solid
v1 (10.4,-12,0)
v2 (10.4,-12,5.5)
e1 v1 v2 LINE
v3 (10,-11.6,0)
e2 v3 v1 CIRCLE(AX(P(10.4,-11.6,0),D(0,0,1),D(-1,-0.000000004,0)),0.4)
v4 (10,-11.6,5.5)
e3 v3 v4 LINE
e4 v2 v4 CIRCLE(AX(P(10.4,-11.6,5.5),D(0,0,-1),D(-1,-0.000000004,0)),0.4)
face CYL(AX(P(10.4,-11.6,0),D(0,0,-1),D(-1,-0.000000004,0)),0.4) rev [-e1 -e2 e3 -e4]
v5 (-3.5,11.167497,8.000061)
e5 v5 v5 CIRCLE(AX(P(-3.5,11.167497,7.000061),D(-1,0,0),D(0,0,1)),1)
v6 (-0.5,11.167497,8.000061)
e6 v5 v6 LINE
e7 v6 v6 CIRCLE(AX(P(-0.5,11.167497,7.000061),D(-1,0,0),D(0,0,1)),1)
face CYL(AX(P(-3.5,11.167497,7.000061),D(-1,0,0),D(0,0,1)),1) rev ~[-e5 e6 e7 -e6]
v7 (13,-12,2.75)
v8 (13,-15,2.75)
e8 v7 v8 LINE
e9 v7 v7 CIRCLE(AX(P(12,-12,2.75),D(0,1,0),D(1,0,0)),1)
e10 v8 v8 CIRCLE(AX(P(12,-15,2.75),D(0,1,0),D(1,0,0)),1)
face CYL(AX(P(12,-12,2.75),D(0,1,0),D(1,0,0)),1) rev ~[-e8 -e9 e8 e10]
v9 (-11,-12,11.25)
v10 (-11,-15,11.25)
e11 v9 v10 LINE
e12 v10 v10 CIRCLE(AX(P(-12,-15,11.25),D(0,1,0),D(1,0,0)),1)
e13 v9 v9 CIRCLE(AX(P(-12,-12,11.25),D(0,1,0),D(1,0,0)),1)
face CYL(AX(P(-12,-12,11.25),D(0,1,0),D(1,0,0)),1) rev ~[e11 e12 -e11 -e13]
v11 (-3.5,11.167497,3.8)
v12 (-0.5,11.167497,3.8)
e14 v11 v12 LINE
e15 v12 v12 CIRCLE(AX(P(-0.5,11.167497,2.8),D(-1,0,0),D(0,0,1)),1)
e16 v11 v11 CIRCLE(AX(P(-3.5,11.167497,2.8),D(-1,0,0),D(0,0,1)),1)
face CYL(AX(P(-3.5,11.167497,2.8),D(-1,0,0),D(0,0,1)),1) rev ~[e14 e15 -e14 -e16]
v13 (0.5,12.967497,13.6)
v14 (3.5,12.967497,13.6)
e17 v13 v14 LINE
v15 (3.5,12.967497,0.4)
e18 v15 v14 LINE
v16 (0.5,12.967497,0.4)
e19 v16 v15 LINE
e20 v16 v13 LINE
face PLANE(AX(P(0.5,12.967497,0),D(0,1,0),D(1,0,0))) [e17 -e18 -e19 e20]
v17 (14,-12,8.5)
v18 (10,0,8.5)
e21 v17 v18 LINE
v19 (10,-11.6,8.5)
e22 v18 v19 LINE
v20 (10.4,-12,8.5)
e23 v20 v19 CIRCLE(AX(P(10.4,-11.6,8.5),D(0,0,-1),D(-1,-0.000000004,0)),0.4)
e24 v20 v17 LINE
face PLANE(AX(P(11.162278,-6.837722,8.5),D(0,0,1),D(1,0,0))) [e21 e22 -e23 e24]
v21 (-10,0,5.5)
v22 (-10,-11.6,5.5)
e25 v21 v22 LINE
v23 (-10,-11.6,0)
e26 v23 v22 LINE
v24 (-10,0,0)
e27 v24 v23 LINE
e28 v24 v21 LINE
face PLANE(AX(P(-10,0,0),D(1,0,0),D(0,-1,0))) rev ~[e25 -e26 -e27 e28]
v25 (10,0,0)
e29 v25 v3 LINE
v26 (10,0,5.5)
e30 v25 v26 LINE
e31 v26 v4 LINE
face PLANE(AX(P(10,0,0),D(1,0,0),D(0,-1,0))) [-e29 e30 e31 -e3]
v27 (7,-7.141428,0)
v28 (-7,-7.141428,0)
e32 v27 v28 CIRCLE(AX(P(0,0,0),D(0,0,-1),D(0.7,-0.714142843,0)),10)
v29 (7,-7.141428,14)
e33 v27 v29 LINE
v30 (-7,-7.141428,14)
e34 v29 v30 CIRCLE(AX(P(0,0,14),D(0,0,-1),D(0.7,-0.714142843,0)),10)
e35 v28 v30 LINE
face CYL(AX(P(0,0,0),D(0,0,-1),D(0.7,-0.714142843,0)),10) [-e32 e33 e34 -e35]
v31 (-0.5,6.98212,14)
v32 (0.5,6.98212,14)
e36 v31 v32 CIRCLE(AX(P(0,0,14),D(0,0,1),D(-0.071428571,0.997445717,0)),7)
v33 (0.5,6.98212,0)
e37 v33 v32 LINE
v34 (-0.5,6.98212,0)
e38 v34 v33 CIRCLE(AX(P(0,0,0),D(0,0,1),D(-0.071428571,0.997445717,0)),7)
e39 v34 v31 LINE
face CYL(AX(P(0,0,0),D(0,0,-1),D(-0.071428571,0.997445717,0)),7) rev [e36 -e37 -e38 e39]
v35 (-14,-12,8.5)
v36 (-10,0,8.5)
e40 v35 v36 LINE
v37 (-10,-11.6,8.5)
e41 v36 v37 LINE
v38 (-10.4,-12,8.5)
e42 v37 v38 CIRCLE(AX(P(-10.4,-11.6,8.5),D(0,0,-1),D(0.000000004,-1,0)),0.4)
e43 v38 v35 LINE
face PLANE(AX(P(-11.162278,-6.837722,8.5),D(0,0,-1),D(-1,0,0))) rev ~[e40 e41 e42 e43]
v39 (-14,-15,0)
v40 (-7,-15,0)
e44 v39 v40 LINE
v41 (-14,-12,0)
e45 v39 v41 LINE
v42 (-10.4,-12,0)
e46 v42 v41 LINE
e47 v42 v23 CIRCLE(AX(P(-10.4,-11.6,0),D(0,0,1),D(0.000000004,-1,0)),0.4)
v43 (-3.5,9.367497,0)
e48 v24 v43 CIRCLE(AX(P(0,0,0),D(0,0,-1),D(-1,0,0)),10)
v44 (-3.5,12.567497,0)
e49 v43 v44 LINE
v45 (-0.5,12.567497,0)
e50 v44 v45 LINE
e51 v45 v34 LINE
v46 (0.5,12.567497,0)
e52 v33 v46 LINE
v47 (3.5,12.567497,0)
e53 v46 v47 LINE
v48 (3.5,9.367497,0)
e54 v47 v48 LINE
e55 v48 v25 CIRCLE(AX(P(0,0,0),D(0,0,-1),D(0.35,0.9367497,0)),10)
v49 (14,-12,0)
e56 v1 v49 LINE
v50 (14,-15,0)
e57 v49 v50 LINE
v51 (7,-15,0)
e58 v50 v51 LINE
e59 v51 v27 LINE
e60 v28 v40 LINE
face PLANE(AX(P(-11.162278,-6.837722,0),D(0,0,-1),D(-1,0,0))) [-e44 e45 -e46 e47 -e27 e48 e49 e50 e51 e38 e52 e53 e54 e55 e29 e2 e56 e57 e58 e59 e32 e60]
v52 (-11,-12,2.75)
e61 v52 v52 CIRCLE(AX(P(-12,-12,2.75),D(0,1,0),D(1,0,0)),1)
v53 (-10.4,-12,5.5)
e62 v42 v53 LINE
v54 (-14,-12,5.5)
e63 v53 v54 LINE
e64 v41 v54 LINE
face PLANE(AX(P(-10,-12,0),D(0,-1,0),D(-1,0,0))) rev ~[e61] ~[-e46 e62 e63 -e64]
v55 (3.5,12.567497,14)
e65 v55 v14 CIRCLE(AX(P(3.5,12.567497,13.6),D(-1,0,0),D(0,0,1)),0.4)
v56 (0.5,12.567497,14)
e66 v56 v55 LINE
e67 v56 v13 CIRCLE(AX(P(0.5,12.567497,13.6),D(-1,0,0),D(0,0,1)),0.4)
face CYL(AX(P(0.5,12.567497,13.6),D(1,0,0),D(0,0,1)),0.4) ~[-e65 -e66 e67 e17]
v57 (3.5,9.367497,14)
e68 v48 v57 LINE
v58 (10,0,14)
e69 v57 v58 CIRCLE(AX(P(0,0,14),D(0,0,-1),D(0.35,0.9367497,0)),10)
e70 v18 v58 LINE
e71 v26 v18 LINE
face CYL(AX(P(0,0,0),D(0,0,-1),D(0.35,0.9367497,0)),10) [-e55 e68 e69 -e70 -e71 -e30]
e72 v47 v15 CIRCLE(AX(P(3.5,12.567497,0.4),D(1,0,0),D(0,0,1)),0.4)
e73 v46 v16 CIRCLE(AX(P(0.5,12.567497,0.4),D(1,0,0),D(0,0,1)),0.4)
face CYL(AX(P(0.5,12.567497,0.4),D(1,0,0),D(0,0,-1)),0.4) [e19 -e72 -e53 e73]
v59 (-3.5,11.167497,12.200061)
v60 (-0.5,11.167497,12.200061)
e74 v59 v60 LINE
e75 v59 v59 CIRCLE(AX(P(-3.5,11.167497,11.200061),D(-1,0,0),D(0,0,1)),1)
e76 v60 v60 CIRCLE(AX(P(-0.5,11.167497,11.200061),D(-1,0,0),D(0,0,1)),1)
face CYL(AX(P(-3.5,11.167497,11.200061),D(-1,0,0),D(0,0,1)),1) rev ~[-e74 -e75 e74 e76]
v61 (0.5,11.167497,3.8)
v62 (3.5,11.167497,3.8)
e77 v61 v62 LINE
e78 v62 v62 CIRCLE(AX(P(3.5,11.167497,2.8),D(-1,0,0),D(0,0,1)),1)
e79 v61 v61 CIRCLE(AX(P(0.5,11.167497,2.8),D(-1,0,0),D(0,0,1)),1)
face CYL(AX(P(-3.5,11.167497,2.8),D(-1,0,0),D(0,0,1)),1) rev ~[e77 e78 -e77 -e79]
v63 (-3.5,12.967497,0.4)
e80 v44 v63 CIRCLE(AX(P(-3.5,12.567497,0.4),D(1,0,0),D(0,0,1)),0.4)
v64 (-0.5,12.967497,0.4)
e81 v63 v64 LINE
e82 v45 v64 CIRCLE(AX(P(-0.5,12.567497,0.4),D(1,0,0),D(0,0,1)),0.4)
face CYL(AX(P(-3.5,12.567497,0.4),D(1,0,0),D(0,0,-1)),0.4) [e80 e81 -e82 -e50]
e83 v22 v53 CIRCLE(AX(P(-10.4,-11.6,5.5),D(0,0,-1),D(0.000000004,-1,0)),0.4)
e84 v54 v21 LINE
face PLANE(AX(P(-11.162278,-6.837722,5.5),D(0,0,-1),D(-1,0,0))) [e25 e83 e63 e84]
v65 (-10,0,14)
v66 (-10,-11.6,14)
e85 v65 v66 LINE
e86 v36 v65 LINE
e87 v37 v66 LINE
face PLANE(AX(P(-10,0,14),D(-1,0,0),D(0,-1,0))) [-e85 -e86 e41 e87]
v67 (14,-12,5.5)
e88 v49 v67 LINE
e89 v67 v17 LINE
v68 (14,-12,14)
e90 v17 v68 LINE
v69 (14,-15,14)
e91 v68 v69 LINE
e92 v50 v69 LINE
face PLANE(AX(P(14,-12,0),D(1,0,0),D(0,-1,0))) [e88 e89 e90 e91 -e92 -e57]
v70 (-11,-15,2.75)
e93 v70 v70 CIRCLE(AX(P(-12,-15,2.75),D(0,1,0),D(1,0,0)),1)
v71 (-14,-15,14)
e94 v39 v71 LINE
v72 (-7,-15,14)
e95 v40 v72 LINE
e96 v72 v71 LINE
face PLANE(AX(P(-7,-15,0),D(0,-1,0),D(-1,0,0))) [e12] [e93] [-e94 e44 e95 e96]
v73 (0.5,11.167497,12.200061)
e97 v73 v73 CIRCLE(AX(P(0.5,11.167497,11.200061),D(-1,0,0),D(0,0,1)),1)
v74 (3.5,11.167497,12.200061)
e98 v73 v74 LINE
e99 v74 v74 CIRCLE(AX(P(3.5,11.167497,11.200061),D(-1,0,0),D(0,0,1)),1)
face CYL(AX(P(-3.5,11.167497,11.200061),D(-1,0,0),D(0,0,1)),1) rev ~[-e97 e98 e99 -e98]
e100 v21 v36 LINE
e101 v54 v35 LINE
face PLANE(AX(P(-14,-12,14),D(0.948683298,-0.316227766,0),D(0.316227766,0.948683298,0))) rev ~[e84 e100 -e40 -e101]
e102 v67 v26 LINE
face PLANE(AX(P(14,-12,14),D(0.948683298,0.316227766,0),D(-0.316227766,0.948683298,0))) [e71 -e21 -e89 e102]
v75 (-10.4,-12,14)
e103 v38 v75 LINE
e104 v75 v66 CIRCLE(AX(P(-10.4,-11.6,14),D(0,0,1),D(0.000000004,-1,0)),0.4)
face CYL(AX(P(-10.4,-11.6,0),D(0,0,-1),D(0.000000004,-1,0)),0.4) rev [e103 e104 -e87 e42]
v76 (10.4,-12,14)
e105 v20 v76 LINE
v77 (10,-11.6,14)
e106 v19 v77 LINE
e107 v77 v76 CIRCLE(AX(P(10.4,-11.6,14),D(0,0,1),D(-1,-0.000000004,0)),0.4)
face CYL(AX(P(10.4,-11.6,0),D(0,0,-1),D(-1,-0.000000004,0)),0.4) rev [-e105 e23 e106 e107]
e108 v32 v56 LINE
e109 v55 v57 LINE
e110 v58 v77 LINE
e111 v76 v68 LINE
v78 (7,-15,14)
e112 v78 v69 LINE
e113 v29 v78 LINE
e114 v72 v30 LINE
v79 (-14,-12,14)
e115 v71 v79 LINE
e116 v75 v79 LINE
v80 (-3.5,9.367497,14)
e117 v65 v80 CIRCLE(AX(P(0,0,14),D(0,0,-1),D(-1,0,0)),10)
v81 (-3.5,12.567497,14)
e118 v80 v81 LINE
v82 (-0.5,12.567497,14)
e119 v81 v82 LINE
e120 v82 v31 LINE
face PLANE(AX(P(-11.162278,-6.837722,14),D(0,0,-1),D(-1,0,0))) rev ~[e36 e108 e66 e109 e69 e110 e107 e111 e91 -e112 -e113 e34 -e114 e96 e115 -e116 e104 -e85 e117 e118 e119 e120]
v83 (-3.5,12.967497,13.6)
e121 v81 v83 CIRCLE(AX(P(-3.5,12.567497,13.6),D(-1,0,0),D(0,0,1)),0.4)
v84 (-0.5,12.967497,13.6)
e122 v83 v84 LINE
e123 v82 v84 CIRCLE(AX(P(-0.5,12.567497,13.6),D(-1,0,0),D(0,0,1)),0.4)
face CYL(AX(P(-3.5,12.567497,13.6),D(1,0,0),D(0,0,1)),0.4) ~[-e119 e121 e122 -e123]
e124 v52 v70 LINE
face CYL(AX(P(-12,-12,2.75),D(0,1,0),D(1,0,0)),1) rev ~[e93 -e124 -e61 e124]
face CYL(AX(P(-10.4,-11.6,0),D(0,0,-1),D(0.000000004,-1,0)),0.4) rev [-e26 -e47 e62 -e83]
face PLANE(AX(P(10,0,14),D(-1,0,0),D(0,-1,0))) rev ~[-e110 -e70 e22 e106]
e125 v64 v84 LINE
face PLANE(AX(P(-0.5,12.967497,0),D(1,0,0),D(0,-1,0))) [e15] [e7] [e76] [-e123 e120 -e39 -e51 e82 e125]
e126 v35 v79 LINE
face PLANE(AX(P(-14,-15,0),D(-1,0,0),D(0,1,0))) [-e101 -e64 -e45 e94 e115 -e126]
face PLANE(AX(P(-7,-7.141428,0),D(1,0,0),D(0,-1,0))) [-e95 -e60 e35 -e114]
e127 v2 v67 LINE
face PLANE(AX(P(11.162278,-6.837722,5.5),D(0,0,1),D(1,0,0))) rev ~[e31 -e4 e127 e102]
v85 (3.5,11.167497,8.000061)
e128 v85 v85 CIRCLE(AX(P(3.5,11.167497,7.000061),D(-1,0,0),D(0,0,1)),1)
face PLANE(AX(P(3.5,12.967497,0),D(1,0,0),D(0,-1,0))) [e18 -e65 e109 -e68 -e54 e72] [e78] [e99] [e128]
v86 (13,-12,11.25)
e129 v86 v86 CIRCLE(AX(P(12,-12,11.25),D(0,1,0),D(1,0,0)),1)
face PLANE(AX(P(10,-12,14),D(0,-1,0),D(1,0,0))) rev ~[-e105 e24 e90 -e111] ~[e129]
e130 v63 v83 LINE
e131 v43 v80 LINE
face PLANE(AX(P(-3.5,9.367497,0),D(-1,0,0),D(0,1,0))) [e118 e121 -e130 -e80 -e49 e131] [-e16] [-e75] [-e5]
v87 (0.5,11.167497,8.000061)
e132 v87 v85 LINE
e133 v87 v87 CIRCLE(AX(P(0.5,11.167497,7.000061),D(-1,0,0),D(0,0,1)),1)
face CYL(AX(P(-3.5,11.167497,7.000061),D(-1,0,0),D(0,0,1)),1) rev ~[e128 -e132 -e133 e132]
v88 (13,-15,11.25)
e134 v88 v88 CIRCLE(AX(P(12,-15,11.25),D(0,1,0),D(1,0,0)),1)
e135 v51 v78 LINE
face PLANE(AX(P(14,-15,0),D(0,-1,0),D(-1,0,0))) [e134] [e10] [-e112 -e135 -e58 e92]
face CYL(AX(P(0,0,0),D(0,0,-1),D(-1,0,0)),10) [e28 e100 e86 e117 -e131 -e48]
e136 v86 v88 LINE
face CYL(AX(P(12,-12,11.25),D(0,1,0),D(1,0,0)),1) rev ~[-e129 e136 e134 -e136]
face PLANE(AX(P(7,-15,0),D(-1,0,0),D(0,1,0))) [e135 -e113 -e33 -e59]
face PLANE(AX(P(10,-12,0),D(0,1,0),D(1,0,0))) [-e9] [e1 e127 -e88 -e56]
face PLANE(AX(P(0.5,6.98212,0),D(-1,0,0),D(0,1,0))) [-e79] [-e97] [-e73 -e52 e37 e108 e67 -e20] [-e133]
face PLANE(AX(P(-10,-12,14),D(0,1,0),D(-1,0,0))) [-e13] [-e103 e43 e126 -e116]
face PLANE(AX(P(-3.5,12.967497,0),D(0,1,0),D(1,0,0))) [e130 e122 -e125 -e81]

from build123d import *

# Parameters (mm, degrees)
SALIENTE_EXTRUIR1_DEPTH    = 14
CROQUIS2_W                 = 0.4
CROQUIS2_H                 = 0.4
CORTAR_EXTRUIR1_DEPTH      = 1
CORTAR_EXTRUIR1_DEPTH_BACK = 15
SALIENTE_EXTRUIR2_DEPTH    = 14
CORTAR_EXTRUIR2_DEPTH      = 1
CORTAR_EXTRUIR2_DEPTH_BACK = 5.5
CORTAR_EXTRUIR3_DEPTH      = 5.5
SALIENTE_EXTRUIR3_DEPTH    = 14
CROQUIS7_R                 = 1
CORTAR_EXTRUIR4_DEPTH      = 4
REDONDEO3_R                = 0.4
CROQUIS9_R                 = 1
CORTAR_EXTRUIR5_DEPTH      = 18.5


with BuildPart() as part:
    # Croquis1 → Saliente-Extruir1 (new body)
    with BuildSketch(Plane.XY):
        with BuildLine():
            Line((0.5, 6.982120022), (0.5, 12.967496998))
            Line((0.5, 12.967496998), (3.5, 12.967496998))
            Line((3.5, 12.967496998), (3.5, 9.367496998))
            ThreePointArc((3.5, 9.367496998), (8.215838363, 5.700877125), (10, 0))
            Line((10, 0), (10, -11.6))
            ThreePointArc((10, -11.6), (10.117157288, -11.882842712), (10.4, -12))
            Line((10.4, -12), (14, -12))
            Line((14, -12), (14, -15))
            Line((14, -15), (7, -15))
            Line((7, -15), (7, -7.141428429))
            ThreePointArc((7, -7.141428429), (0, -10), (-7, -7.141428429))
            Line((-7, -7.141428429), (-7, -15))
            Line((-7, -15), (-14, -15))
            Line((-14, -15), (-14, -12))
            Line((-14, -12), (-10.4, -12))
            ThreePointArc((-10.4, -12), (-10.117157288, -11.882842712), (-10, -11.6))
            Line((-10, -11.6), (-10, 0))
            ThreePointArc((-10, 0), (-8.215838363, 5.700877125), (-3.5, 9.367496998))
            Line((-3.5, 9.367496998), (-3.5, 12.967496998))
            Line((-3.5, 12.967496998), (-0.5, 12.967496998))
            Line((-0.5, 12.967496998), (-0.5, 6.982120022))
            ThreePointArc((-0.5, 6.982120022), (0, -7), (0.5, 6.982120022))
        make_face()
    extrude(amount=SALIENTE_EXTRUIR1_DEPTH)

    # Croquis2 → Cortar-Extruir1 (cut, two sides)
    with BuildSketch(Plane.XY.offset(14)) as cortar_extruir1_sk:
        with Locations((-7.2, -14.8)):
            Rectangle(CROQUIS2_W, CROQUIS2_H)
        with Locations((7.2, -14.8)):
            Rectangle(CROQUIS2_W, CROQUIS2_H)
    extrude(amount=CORTAR_EXTRUIR1_DEPTH, mode=Mode.SUBTRACT)
    extrude(cortar_extruir1_sk.sketch, amount=-CORTAR_EXTRUIR1_DEPTH_BACK, mode=Mode.SUBTRACT)

    # Croquis4 → Saliente-Extruir2 (add, through all)
    with BuildSketch(Plane.XY.offset(14)):
        Polygon((-14, -12), (-10, 0), (-10, -12), align=None)
        Polygon((14, -12), (10, 0), (10, -12), align=None)
    extrude(amount=-SALIENTE_EXTRUIR2_DEPTH)

    # Croquis5 → Cortar-Extruir2 (cut, two sides)
    with BuildSketch(Plane.XY.offset(14)) as cortar_extruir2_sk:
        Polygon((-14, -12), (-10, 0), (-10, -12), align=None)
        Polygon((14, -12), (10, 0), (10, -12), align=None)
    extrude(amount=CORTAR_EXTRUIR2_DEPTH, mode=Mode.SUBTRACT)
    extrude(cortar_extruir2_sk.sketch, amount=-CORTAR_EXTRUIR2_DEPTH_BACK, mode=Mode.SUBTRACT)

    # Croquis6 → Cortar-Extruir3 (cut)
    with BuildSketch(Plane(origin=(0, 0, 0), x_dir=(-1, 0, 0), z_dir=(0, 0, -1))):
        Polygon((-14, -12), (-10, 0), (-10, -12), align=None)
        Polygon((14, -12), (10, 0), (10, -12), align=None)
    extrude(amount=-CORTAR_EXTRUIR3_DEPTH, mode=Mode.SUBTRACT)

    # Croquis1<2> → Saliente-Extruir3 (add, through all)
    with BuildSketch(Plane.XY):
        with BuildLine():
            Line((0.5, 6.982120022), (0.5, 12.967496998))
            Line((0.5, 12.967496998), (3.5, 12.967496998))
            Line((3.5, 12.967496998), (3.5, 9.367496998))
            ThreePointArc((3.5, 9.367496998), (8.215838363, 5.700877125), (10, 0))
            Line((10, 0), (10, -11.6))
            ThreePointArc((10, -11.6), (10.117157288, -11.882842712), (10.4, -12))
            Line((10.4, -12), (14, -12))
            Line((14, -12), (14, -15))
            Line((14, -15), (7, -15))
            Line((7, -15), (7, -7.141428429))
            ThreePointArc((7, -7.141428429), (0, -10), (-7, -7.141428429))
            Line((-7, -7.141428429), (-7, -15))
            Line((-7, -15), (-14, -15))
            Line((-14, -15), (-14, -12))
            Line((-14, -12), (-10.4, -12))
            ThreePointArc((-10.4, -12), (-10.117157288, -11.882842712), (-10, -11.6))
            Line((-10, -11.6), (-10, 0))
            ThreePointArc((-10, 0), (-8.215838363, 5.700877125), (-3.5, 9.367496998))
            Line((-3.5, 9.367496998), (-3.5, 12.967496998))
            Line((-3.5, 12.967496998), (-0.5, 12.967496998))
            Line((-0.5, 12.967496998), (-0.5, 6.982120022))
            ThreePointArc((-0.5, 6.982120022), (0, -7), (0.5, 6.982120022))
        make_face()
    extrude(amount=SALIENTE_EXTRUIR3_DEPTH)

    # Croquis7 → Cortar-Extruir4 (cut, through all)
    with BuildSketch(Plane(origin=(0, -12, 0), x_dir=(1, 0, 0), z_dir=(0, 1, 0))):
        with Locations((-12, -11.25)):
            Circle(CROQUIS7_R)
        with Locations((-12, -2.75)):
            Circle(CROQUIS7_R)
        with Locations((12, -2.75)):
            Circle(CROQUIS7_R)
        with Locations((12, -11.25)):
            Circle(CROQUIS7_R)
    extrude(amount=-CORTAR_EXTRUIR4_DEPTH, mode=Mode.SUBTRACT)

    # Redondeo3
    redondeo3_edges = [part.edges().sort_by_distance(p)[0] for p in [
        (-2, 12.967496998, 0),
        (2, 12.967496998, 14),
        (-2, 12.967496998, 14),
        (2, 12.967496998, 0),
    ]]
    fillet(redondeo3_edges, radius=REDONDEO3_R)

    # Croquis9 → Cortar-Extruir5 (cut, through all)
    with BuildSketch(Plane.ZY.offset(3.5)):
        with Locations((2.8, 11.167496998)):
            Circle(CROQUIS9_R)
        with Locations((7.000061, 11.167496998)):
            Circle(CROQUIS9_R)
        with Locations((11.200061, 11.167496998)):
            Circle(CROQUIS9_R)
    extrude(amount=-CORTAR_EXTRUIR5_DEPTH, mode=Mode.SUBTRACT)


solid = part.part
